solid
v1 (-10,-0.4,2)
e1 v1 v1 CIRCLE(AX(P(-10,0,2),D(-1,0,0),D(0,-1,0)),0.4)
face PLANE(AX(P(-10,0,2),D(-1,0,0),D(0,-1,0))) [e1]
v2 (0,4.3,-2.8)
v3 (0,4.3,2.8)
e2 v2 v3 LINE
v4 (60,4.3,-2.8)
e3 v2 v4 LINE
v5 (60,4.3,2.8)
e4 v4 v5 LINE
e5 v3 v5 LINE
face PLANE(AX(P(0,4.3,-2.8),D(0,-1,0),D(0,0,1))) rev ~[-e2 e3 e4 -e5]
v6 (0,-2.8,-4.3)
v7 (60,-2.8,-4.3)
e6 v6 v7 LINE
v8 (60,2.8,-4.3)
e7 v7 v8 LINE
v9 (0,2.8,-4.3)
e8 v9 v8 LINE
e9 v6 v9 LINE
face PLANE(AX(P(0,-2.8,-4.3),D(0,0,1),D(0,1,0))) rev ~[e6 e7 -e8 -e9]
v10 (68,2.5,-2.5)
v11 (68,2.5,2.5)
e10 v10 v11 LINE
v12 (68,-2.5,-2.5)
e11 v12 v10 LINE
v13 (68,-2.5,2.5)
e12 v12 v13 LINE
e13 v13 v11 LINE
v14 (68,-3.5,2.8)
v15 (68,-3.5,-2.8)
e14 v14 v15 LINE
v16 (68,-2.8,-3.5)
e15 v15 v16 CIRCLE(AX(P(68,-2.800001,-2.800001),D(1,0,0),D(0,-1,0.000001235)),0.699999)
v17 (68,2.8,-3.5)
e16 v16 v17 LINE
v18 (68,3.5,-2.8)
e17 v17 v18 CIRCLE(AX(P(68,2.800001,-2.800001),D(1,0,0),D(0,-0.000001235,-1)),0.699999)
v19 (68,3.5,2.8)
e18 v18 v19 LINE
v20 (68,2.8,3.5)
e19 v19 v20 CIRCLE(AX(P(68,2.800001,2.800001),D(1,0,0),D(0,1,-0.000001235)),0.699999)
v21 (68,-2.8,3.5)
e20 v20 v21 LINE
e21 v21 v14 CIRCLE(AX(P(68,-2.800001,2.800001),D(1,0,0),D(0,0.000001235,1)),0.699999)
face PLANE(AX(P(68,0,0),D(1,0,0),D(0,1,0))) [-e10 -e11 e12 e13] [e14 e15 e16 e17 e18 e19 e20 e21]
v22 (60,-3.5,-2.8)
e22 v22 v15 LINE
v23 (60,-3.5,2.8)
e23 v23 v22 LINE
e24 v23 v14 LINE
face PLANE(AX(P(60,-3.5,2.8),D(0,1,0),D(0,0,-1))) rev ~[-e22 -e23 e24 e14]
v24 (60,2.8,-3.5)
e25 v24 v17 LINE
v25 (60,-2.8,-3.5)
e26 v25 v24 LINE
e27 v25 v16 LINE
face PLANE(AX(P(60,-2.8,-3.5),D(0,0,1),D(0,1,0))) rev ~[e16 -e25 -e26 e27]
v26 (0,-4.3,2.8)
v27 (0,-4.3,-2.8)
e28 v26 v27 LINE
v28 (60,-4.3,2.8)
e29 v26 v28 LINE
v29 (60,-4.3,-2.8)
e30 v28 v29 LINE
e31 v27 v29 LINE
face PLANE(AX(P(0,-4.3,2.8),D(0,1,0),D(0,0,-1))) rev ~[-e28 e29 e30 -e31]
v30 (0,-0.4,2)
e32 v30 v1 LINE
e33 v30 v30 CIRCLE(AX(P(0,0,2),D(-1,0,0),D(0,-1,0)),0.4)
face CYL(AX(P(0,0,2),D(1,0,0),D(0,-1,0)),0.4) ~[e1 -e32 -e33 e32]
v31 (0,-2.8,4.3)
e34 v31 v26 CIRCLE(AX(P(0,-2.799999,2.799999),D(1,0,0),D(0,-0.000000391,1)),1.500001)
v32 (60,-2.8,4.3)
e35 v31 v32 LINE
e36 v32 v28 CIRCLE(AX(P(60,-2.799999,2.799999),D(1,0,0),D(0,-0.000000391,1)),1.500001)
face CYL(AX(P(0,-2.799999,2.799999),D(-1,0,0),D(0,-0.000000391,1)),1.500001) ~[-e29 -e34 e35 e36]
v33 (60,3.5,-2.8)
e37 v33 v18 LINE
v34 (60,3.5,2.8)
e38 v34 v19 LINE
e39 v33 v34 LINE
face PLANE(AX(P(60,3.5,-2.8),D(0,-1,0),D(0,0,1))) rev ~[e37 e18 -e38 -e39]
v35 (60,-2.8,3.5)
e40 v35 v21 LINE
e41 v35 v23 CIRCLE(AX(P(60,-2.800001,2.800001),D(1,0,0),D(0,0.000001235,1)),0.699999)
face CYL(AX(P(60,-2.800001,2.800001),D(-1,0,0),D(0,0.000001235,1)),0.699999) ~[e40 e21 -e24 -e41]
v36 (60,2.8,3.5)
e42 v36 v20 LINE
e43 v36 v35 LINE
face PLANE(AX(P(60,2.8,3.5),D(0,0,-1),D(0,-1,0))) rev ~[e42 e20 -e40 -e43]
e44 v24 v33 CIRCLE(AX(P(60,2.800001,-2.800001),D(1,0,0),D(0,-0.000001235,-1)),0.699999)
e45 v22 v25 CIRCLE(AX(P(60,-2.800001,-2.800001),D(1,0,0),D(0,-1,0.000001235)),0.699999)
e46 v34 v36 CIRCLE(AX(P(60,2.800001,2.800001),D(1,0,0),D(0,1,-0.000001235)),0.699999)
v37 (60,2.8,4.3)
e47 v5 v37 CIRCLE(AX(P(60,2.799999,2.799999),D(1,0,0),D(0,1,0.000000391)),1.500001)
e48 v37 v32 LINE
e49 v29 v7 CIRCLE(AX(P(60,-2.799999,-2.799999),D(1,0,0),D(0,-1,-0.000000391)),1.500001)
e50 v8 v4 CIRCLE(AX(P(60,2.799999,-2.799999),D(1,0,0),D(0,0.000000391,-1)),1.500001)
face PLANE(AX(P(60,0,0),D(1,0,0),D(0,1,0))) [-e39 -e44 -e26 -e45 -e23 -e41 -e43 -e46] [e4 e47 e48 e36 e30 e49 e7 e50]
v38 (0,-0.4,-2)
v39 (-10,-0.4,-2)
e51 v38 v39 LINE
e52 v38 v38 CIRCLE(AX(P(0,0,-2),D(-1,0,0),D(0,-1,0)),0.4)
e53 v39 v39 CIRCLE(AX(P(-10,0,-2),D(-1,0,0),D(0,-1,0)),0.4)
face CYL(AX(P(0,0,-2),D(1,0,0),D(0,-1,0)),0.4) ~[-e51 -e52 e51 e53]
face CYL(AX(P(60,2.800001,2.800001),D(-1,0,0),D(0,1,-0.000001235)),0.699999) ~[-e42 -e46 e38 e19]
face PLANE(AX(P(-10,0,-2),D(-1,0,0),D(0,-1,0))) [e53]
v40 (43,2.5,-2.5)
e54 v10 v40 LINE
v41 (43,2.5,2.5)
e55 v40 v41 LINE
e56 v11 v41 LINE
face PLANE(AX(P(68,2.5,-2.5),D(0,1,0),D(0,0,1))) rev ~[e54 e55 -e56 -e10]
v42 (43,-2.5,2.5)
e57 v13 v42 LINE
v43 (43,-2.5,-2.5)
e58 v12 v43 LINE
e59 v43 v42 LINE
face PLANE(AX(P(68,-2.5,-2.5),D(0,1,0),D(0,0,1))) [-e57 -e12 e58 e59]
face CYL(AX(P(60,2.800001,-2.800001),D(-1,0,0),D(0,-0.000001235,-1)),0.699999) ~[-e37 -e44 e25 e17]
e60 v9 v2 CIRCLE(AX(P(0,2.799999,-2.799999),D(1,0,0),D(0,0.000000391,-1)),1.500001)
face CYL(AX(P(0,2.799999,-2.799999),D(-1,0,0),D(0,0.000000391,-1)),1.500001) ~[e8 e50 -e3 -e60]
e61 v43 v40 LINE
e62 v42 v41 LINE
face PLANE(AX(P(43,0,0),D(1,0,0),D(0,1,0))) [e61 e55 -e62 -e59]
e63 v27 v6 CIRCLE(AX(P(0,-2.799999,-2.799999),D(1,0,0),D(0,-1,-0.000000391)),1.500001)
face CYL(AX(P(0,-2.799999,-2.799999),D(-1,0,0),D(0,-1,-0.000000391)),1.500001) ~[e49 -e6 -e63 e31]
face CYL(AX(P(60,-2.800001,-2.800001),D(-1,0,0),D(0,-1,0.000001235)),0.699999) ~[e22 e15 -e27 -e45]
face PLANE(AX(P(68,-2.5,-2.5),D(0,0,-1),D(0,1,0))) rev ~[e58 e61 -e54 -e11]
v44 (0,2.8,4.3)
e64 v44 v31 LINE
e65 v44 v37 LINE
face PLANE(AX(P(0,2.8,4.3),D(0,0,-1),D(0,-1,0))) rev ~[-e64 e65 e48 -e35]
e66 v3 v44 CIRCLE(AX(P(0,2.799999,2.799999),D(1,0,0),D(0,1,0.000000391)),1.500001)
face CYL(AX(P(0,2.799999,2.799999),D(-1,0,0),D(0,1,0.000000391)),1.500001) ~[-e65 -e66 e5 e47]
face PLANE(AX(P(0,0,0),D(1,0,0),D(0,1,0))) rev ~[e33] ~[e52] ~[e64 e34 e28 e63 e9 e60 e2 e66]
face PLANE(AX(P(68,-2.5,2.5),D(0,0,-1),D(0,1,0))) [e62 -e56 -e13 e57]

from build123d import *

# Parameters (mm, degrees)
F1_DEPTH = 60
F3_DEPTH = 8
F4_R     = 0.4
F5_DEPTH = 10
F6_W     = 5
F6_H     = 5
F7_DEPTH = 25


with BuildPart() as f1:
    # F0 (on Right) → F1 (new body)
    with BuildSketch(Plane.YZ):
        with BuildLine():
            ThreePointArc((4.3, 2.8), (3.86066, 3.86066), (2.8, 4.3))
            Line((2.8, 4.3), (-2.8, 4.3))
            ThreePointArc((-2.8, 4.3), (-3.86066, 3.86066), (-4.3, 2.8))
            Line((-4.3, 2.8), (-4.3, -2.8))
            ThreePointArc((-4.3, -2.8), (-3.86066, -3.86066), (-2.8, -4.3))
            Line((-2.8, -4.3), (2.8, -4.3))
            ThreePointArc((2.8, -4.3), (3.86066, -3.86066), (4.3, -2.8))
            Line((4.3, -2.8), (4.3, 2.8))
        make_face()
    extrude(amount=F1_DEPTH)

    # F2 (on face) → F3 (join)
    with BuildSketch(Plane.YZ.offset(60)):
        with BuildLine():
            Line((2.8, 3.5), (-2.8, 3.5))
            ThreePointArc((-2.8, 3.5), (-3.294975, 3.294975), (-3.5, 2.8))
            Line((-3.5, 2.8), (-3.5, -2.8))
            ThreePointArc((-3.5, -2.8), (-3.294975, -3.294975), (-2.8, -3.5))
            Line((-2.8, -3.5), (2.8, -3.5))
            ThreePointArc((2.8, -3.5), (3.294975, -3.294975), (3.5, -2.8))
            Line((3.5, -2.8), (3.5, 2.8))
            ThreePointArc((3.5, 2.8), (3.294975, 3.294975), (2.8, 3.5))
        make_face()
    extrude(amount=F3_DEPTH)

    # F4 (on face) → F5 (join)
    with BuildSketch(Plane(origin=(0, 0, 0), x_dir=(0, -1, 0), z_dir=(-1, 0, 0))):
        with Locations((0, 2)):
            Circle(F4_R)
        with Locations((0, -2)):
            Circle(F4_R)
    extrude(amount=F5_DEPTH)

    # F6 (on face) → F7 (cut)
    with BuildSketch(Plane.YZ.offset(68)):
        Rectangle(F6_W, F6_H)
    extrude(amount=-F7_DEPTH, mode=Mode.SUBTRACT)


solid = f1.part
